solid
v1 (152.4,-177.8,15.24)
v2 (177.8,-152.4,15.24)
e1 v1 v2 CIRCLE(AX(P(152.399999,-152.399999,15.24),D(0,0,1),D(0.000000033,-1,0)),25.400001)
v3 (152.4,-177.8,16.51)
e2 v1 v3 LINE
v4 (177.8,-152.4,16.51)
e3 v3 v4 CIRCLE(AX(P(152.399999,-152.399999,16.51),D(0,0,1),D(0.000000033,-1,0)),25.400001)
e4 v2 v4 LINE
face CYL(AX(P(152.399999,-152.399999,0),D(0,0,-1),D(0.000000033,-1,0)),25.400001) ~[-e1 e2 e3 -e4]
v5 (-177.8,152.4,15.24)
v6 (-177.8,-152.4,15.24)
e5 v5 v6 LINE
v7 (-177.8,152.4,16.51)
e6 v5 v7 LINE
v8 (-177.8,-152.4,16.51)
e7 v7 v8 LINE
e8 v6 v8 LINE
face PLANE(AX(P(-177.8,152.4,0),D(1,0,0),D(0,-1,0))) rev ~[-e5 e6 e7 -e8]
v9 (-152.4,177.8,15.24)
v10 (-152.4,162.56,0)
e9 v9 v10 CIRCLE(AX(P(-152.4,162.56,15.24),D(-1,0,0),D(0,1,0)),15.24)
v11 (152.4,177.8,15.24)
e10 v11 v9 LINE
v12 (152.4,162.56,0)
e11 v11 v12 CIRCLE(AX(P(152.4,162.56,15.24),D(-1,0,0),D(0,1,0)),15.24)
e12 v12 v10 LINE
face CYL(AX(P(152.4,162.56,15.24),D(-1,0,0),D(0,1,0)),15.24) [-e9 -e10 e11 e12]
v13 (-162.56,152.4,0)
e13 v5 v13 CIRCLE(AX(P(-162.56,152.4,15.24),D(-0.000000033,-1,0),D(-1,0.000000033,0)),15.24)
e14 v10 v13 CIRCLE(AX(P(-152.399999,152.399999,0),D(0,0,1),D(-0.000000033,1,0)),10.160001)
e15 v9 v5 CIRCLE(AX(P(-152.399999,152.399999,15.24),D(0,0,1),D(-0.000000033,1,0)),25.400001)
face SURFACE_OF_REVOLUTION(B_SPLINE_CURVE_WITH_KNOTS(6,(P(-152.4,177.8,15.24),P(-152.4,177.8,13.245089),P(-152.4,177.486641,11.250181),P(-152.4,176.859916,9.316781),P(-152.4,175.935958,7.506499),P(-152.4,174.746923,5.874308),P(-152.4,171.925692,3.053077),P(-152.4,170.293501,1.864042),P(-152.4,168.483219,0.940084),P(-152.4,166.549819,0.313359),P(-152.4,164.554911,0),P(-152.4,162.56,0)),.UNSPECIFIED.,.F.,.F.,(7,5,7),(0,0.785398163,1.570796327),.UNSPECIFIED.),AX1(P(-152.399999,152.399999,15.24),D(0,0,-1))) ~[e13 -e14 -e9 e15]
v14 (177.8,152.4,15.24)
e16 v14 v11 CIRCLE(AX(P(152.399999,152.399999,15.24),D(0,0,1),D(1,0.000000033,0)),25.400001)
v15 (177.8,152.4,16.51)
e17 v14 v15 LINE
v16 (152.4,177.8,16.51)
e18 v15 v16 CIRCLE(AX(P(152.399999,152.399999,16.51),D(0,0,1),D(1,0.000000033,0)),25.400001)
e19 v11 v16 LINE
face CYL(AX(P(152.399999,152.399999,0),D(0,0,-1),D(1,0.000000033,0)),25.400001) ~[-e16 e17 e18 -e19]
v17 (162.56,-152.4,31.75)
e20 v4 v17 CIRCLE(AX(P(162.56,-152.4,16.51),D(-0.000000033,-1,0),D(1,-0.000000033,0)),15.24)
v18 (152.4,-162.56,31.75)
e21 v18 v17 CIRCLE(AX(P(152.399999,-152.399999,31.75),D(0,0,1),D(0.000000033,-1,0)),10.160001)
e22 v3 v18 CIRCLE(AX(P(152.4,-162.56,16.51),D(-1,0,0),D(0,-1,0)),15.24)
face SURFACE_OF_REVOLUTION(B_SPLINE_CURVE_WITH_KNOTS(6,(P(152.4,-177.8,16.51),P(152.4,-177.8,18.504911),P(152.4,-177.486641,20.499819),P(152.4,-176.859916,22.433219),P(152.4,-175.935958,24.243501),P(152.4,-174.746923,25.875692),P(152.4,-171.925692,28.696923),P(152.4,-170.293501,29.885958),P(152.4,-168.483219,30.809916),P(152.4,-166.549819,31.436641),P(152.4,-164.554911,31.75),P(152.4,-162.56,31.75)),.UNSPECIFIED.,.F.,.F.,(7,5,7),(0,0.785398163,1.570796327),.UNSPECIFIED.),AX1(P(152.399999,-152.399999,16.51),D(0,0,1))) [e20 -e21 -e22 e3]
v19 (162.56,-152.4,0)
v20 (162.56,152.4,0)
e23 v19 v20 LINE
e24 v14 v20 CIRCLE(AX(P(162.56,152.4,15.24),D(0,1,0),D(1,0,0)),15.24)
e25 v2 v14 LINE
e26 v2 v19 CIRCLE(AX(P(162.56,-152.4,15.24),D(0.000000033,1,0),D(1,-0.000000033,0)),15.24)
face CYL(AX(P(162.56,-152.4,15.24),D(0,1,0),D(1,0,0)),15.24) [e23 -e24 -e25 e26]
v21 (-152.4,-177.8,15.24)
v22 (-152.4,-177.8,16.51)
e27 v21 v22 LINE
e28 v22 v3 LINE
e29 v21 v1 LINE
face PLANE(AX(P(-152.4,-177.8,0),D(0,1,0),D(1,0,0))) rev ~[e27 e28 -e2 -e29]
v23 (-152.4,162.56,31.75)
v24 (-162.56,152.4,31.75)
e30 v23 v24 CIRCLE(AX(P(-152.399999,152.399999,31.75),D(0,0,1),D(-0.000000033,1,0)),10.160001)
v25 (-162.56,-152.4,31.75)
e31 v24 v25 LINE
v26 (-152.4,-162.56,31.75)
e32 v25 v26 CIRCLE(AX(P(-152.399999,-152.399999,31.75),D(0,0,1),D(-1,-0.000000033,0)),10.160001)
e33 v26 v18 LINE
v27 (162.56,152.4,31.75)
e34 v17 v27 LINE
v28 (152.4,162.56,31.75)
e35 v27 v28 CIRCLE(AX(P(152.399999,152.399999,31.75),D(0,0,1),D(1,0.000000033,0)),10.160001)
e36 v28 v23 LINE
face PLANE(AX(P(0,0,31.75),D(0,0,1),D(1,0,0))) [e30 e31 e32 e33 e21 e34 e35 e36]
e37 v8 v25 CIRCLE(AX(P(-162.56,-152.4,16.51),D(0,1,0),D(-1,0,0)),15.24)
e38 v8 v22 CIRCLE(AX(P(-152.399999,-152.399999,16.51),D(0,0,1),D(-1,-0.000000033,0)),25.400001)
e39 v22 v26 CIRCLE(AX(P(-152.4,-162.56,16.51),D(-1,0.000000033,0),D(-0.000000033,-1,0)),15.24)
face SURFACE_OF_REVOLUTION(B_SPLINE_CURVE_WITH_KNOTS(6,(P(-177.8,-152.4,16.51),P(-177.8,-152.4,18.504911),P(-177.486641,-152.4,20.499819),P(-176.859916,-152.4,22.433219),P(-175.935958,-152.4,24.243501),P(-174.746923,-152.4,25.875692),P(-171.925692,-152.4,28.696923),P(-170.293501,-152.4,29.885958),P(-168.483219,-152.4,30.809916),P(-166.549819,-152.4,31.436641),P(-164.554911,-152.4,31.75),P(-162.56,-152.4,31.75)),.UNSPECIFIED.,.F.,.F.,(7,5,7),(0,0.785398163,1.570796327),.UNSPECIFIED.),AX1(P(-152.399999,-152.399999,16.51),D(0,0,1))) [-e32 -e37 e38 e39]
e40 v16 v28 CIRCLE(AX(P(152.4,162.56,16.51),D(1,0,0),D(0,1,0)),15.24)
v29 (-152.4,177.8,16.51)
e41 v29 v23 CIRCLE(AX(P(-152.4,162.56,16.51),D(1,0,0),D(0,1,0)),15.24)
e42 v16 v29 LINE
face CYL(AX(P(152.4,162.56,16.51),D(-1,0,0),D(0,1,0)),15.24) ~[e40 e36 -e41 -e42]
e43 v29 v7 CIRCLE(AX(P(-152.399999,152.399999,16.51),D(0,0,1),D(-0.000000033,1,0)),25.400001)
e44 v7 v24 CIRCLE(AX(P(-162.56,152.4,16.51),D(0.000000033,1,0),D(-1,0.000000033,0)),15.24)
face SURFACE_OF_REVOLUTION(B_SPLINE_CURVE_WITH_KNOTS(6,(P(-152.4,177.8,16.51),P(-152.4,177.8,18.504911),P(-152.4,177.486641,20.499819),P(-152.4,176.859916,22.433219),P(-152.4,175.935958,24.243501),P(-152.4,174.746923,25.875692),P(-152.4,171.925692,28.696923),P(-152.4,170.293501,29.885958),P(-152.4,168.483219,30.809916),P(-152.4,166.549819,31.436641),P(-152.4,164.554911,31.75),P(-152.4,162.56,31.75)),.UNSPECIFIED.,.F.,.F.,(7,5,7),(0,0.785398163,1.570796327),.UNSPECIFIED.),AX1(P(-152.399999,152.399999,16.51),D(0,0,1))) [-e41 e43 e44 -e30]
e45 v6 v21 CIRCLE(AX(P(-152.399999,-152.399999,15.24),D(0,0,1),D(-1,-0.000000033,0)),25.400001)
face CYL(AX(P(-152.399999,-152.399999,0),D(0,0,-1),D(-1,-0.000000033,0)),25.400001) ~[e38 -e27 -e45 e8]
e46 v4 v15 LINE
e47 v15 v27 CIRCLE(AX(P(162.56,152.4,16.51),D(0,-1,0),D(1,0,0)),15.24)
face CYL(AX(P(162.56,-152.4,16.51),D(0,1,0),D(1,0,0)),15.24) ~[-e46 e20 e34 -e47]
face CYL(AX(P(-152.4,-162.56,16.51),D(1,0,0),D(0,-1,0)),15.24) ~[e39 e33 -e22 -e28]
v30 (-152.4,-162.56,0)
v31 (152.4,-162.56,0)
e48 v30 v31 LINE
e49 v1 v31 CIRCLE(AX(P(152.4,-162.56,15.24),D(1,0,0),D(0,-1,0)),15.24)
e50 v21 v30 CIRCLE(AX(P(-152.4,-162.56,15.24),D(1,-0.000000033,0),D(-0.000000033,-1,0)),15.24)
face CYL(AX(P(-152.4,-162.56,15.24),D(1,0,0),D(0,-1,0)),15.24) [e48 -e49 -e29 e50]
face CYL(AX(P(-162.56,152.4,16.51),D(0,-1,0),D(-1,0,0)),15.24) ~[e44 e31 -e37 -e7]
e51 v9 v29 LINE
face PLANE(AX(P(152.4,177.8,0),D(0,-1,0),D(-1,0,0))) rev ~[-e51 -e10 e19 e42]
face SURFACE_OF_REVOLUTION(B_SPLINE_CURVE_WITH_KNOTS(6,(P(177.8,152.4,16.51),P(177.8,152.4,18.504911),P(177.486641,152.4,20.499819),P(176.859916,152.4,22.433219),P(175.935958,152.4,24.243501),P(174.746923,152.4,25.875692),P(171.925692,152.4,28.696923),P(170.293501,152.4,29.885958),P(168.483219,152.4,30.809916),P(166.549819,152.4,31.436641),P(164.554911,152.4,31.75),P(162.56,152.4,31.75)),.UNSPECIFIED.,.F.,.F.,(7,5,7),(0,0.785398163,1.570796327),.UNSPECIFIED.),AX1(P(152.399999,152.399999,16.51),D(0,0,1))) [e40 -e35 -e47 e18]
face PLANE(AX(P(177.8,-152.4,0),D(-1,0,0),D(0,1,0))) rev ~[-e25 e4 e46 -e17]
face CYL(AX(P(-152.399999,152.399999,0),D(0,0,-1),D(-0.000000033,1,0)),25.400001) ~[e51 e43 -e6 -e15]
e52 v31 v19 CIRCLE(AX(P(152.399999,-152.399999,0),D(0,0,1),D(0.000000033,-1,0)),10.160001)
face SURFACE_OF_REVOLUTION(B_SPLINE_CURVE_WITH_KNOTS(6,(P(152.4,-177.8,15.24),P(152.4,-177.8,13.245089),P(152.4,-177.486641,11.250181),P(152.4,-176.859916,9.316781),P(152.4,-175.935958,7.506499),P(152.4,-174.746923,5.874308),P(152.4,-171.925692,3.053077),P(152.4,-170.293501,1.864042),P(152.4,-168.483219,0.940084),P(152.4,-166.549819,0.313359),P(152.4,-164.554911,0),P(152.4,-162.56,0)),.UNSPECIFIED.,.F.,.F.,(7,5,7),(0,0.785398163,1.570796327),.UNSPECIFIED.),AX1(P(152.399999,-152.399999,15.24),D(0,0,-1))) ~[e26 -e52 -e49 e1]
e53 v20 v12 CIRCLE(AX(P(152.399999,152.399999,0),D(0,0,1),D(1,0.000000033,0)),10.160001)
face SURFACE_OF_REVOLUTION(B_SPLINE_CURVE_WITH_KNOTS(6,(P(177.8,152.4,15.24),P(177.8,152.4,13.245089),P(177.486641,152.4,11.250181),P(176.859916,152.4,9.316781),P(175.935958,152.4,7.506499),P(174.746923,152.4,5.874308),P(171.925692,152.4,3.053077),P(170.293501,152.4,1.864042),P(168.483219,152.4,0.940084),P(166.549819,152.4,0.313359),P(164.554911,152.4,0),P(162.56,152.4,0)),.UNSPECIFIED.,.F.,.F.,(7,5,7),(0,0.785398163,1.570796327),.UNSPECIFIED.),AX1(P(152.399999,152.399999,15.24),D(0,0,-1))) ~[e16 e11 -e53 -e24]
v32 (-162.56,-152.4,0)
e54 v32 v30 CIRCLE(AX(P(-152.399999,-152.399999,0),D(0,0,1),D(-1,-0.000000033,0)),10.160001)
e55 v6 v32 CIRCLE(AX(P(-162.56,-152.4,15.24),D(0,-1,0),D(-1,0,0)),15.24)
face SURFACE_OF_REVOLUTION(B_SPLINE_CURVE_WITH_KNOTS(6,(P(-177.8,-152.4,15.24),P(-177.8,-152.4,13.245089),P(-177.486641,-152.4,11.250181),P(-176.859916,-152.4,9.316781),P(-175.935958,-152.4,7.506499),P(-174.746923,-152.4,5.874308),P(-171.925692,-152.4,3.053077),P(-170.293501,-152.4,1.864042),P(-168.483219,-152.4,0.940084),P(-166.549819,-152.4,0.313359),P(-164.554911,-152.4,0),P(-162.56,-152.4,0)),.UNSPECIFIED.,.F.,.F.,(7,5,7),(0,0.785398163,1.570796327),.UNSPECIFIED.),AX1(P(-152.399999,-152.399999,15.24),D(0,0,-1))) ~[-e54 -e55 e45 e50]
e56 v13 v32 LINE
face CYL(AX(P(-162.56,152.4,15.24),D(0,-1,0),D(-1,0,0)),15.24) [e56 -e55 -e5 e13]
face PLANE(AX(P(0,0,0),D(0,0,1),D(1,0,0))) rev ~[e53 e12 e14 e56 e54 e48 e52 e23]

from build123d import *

# Parameters (mm, degrees)
F1_DEPTH = 31.75
F2_R     = 15.24


with BuildPart() as f1:
    # F0 (on Top) → F1 (new body)
    with BuildSketch(Plane.XY):
        with BuildLine():
            Line((152.4, 177.8), (-152.4, 177.8))
            ThreePointArc((-152.4, 177.8), (-170.360512, 170.360512), (-177.8, 152.4))
            Line((-177.8, 152.4), (-177.8, -152.4))
            ThreePointArc((-177.8, -152.4), (-170.360512, -170.360512), (-152.4, -177.8))
            Line((-152.4, -177.8), (152.4, -177.8))
            ThreePointArc((152.4, -177.8), (170.360512, -170.360512), (177.8, -152.4))
            Line((177.8, -152.4), (177.8, 152.4))
            ThreePointArc((177.8, 152.4), (170.360512, 170.360512), (152.4, 177.8))
        make_face()
    extrude(amount=F1_DEPTH)

    # F2
    f2_edges = [f1.edges().sort_by_distance(p)[0] for p in [
        (152.4, 177.8, 15.875),
        (-152.4, 177.8, 15.875),
        (0, 177.8, 0),
        (0, 177.8, 31.75),
        (-170.360512, 170.360512, 31.75),
        (-177.8, 0, 31.75),
        (-170.360512, -170.360512, 31.75),
        (0, -177.8, 31.75),
        (170.360512, -170.360512, 31.75),
        (177.8, 0, 31.75),
        (170.360512, 170.360512, 31.75),
        (-170.360512, 170.360512, 0),
        (-177.8, 0, 0),
        (-170.360512, -170.360512, 0),
        (0, -177.8, 0),
        (170.360512, -170.360512, 0),
        (177.8, 0, 0),
        (170.360512, 170.360512, 0),
        (-177.8, 152.4, 15.875),
        (-177.8, -152.4, 15.875),
        (177.8, -152.4, 15.875),
        (177.8, 152.4, 15.875),
        (-152.4, -177.8, 15.875),
        (152.4, -177.8, 15.875),
    ]]
    fillet(f2_edges, radius=F2_R)


solid = f1.part
